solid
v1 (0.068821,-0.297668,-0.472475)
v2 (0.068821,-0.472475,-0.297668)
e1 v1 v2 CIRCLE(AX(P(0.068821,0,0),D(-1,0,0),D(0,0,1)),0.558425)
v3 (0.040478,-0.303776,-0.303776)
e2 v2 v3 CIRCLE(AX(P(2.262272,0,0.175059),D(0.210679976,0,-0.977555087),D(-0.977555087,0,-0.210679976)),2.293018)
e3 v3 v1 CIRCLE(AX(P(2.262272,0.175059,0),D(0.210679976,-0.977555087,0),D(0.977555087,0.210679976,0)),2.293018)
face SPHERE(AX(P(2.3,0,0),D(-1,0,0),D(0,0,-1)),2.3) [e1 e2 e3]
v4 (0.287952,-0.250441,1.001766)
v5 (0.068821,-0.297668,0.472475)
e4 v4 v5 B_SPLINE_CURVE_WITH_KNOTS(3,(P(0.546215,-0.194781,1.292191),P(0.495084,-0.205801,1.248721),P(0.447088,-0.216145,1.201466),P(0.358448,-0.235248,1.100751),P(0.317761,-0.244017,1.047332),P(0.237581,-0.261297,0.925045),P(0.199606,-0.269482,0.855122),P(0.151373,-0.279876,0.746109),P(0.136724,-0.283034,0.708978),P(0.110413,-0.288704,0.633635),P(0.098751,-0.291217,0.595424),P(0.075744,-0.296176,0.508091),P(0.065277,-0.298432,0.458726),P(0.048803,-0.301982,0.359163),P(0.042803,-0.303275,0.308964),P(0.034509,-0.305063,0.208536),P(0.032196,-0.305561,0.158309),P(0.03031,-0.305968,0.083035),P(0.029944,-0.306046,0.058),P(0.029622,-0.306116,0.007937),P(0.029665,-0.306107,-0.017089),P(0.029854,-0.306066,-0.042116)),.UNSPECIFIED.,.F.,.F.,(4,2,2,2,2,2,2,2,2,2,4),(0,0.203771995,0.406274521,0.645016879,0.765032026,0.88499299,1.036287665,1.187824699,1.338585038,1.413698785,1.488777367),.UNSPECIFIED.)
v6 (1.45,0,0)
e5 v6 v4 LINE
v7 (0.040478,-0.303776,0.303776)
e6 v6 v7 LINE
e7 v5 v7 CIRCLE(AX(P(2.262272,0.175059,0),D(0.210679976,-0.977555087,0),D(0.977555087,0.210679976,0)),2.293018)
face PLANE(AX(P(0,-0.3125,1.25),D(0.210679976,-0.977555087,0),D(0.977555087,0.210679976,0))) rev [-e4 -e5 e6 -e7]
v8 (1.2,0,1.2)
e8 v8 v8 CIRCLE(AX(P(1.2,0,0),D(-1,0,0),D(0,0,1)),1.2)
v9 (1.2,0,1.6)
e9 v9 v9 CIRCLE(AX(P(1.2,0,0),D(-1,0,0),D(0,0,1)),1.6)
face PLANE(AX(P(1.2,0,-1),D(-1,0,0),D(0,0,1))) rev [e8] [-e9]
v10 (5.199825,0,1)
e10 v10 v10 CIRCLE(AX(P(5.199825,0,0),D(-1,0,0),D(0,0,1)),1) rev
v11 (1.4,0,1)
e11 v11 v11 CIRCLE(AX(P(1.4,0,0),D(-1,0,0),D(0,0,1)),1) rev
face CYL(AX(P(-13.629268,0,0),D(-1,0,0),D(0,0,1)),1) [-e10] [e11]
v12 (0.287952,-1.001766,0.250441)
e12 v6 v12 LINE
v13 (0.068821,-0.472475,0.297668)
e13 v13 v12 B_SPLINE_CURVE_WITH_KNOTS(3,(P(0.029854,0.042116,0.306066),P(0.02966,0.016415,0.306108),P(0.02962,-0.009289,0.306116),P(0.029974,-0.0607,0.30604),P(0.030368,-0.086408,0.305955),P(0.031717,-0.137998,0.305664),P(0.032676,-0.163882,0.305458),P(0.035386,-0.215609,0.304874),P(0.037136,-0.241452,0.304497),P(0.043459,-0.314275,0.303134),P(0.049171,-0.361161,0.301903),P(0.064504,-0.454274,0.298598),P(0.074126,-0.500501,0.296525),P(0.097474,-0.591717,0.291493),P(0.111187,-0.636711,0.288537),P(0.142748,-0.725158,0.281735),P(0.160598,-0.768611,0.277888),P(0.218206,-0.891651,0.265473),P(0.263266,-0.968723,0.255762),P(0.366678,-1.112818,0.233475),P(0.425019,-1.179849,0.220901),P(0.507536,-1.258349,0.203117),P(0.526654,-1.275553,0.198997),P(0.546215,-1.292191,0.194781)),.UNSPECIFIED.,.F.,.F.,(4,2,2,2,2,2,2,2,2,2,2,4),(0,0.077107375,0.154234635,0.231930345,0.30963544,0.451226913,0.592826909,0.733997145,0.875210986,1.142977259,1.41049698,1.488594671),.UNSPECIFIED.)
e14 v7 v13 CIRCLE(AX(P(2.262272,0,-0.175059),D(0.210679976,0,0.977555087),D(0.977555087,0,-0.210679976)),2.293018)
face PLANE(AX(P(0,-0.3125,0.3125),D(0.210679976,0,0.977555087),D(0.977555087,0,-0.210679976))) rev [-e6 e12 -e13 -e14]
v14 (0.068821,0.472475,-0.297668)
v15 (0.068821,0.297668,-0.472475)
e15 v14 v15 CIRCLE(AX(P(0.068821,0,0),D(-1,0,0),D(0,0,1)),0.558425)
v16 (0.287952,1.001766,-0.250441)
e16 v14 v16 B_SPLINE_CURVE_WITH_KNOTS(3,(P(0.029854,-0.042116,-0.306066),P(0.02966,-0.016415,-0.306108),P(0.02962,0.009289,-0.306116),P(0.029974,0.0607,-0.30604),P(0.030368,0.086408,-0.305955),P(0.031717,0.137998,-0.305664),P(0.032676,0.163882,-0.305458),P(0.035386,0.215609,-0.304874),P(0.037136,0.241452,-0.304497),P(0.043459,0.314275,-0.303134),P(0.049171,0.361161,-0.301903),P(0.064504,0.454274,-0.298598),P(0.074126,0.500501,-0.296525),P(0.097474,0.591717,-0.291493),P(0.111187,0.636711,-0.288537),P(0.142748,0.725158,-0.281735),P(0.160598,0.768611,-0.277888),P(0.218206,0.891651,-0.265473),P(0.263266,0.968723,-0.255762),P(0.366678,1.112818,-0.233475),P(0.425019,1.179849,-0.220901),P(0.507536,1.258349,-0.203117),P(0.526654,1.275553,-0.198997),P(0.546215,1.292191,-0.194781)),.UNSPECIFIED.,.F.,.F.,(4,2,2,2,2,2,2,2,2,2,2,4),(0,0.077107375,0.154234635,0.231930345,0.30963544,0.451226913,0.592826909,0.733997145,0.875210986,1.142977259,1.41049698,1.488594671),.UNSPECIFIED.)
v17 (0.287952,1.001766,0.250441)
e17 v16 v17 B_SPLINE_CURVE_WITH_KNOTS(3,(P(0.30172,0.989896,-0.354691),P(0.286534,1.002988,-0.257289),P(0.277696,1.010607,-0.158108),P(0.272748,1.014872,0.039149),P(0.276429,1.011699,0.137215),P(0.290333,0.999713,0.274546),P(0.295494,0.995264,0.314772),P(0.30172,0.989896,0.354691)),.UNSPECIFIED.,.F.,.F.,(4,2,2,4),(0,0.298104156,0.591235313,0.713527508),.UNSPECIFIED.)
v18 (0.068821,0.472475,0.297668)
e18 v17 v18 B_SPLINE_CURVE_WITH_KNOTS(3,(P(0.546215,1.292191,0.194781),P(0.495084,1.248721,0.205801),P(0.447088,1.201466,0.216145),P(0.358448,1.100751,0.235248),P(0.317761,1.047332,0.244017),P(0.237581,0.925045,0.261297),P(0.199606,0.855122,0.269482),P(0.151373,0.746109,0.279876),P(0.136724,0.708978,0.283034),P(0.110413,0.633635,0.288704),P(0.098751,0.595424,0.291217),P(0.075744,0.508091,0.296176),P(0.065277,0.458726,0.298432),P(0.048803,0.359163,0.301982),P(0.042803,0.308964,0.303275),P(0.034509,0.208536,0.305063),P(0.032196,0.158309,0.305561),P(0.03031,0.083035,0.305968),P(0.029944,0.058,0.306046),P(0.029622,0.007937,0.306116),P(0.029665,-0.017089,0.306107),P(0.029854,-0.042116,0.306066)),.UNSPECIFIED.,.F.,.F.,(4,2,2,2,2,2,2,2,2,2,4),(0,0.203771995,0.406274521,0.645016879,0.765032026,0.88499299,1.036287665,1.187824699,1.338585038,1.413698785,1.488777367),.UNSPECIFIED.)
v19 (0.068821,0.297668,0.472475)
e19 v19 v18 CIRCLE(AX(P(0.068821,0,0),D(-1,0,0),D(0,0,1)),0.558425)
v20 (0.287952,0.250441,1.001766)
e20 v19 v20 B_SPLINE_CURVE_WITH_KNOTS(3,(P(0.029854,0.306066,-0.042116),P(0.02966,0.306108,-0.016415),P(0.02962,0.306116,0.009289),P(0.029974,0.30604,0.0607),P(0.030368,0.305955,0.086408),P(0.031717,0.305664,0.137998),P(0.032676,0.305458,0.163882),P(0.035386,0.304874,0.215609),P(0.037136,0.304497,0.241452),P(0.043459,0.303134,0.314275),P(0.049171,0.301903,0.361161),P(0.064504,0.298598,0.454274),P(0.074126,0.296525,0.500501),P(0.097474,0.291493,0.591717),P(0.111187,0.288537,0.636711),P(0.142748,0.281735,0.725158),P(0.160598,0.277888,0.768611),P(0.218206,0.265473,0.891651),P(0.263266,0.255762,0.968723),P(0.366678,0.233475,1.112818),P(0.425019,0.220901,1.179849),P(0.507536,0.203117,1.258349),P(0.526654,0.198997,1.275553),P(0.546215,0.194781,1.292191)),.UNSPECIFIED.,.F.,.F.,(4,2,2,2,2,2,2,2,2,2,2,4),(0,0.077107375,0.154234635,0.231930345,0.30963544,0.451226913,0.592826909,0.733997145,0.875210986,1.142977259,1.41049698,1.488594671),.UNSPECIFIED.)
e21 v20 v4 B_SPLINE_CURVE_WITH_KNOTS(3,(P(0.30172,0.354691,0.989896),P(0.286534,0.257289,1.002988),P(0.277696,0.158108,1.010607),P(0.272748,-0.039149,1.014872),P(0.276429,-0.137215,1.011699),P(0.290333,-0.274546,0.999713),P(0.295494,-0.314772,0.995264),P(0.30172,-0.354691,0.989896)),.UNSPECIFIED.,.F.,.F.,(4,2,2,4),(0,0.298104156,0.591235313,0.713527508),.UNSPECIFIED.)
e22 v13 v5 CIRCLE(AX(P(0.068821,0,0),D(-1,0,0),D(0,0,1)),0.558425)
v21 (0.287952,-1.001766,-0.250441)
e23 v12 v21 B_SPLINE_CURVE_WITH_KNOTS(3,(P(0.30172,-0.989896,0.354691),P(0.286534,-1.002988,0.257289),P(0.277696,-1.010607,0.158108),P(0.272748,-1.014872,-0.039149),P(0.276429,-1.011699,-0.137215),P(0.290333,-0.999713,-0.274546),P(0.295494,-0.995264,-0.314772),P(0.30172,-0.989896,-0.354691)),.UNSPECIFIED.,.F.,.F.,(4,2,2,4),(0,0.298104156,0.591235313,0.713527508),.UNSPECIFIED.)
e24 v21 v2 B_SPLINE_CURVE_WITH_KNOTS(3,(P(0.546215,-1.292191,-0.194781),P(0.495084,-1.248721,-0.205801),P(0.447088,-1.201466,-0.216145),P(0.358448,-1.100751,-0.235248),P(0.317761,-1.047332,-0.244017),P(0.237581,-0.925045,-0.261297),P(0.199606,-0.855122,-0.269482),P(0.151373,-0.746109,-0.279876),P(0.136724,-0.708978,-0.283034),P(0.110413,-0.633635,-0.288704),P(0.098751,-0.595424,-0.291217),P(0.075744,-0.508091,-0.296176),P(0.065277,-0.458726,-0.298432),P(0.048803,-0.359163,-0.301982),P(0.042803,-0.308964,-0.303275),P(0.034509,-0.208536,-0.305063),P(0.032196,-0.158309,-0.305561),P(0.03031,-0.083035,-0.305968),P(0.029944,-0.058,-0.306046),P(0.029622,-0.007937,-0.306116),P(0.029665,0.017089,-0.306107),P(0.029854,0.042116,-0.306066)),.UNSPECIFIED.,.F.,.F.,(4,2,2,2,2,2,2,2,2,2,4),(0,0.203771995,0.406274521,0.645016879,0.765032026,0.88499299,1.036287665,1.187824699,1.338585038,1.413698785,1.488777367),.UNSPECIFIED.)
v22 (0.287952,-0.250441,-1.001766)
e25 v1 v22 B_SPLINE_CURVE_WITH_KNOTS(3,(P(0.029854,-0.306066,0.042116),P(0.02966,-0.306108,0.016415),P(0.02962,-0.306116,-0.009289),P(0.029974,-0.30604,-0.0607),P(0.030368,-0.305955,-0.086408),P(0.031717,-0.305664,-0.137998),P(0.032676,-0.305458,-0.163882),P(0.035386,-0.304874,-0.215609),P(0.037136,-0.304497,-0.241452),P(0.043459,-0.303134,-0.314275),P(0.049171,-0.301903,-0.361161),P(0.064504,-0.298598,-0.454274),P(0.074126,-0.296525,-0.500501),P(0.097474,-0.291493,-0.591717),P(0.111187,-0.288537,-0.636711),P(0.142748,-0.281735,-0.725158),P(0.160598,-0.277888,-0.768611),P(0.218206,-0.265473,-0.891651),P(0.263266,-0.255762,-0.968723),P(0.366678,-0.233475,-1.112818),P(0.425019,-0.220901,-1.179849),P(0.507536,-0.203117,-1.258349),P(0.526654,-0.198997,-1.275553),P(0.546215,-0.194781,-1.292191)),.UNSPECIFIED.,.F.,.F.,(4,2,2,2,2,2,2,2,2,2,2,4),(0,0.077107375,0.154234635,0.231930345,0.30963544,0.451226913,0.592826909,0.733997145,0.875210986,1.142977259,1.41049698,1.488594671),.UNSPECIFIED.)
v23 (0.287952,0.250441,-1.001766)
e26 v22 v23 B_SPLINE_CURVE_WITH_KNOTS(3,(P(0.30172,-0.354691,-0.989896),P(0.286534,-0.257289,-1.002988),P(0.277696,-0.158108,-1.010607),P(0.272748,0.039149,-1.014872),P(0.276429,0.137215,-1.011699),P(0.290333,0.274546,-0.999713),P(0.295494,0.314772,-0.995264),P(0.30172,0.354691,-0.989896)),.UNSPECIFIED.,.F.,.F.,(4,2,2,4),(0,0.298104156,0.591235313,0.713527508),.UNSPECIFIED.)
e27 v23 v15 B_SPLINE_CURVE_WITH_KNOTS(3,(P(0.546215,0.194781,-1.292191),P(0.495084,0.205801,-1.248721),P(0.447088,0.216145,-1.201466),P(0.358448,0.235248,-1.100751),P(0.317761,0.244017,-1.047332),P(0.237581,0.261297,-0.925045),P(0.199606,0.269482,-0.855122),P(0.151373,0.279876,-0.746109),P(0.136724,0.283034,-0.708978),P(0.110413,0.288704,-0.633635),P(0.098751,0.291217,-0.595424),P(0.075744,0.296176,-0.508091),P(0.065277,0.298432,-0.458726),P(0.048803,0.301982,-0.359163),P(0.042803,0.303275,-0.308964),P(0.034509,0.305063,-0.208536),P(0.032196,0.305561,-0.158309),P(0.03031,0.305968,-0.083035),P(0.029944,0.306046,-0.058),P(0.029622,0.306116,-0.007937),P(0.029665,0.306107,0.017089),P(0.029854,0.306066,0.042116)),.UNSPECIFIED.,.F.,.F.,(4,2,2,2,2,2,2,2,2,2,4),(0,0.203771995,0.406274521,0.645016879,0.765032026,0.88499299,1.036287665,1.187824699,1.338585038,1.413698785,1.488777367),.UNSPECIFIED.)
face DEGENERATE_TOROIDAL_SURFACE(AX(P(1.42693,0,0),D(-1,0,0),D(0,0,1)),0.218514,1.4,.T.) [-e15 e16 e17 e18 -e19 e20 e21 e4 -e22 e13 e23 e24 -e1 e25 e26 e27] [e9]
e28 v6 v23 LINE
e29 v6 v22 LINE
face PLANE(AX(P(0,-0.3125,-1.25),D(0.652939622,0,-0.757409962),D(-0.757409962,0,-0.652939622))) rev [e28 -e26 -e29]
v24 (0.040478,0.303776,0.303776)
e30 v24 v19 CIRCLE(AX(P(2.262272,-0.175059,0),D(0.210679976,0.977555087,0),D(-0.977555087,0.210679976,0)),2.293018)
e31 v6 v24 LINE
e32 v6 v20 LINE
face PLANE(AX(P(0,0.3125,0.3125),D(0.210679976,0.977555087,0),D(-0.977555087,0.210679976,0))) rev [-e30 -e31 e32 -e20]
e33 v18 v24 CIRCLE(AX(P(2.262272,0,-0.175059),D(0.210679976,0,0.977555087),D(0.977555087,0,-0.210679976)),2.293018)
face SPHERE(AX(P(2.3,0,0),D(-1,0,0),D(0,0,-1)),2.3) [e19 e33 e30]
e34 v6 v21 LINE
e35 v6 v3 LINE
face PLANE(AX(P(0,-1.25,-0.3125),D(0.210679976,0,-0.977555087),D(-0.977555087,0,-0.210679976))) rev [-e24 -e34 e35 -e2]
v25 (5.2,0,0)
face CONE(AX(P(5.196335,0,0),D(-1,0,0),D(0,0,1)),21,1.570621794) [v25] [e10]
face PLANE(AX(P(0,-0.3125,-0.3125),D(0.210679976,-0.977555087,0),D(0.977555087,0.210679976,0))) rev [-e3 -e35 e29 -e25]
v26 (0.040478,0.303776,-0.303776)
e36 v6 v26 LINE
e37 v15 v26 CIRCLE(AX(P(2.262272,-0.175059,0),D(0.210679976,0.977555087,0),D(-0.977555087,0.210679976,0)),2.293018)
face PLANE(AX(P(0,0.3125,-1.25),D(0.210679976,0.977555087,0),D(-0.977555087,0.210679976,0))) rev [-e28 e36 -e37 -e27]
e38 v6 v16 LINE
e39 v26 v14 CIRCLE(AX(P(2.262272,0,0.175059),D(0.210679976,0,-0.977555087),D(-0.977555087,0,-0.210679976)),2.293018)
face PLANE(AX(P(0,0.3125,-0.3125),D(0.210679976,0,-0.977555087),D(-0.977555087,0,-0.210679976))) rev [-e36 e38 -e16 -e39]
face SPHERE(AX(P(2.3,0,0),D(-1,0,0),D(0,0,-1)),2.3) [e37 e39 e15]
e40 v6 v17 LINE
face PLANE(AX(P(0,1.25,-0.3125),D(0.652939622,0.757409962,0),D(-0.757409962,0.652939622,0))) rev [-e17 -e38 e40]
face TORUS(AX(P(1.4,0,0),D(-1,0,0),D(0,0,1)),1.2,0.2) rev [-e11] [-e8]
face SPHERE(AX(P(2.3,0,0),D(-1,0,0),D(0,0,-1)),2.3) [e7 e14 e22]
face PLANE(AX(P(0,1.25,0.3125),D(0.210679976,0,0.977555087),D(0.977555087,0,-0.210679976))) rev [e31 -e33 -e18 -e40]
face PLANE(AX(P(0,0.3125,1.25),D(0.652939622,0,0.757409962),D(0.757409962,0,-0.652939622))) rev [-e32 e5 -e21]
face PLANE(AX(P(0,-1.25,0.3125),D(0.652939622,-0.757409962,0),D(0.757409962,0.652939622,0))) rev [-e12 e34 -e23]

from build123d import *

# Parameters (mm, degrees)
FILLET2_R = 0.2


with BuildPart() as part:
    # Sketch1 → Revolve1 (revolve)
    with BuildSketch(Plane(origin=(0, 0, 0), x_dir=(1, 0, 0), z_dir=(0, 1, 0)), mode=Mode.PRIVATE) as revolve1_sk:
        with BuildLine():
            Line((1.2, 1), (5.2, 1))
            Line((5.2, 1), (5.2, 0))
            Line((5.2, 0), (0, 0))
            ThreePointArc((0, 0), (0.017270008, 0.28132505), (0.068820682, 0.55842533))
            ThreePointArc((0.068820682, 0.55842533), (0.478612062, 1.248413967), (1.2, 1.6))
            Line((1.2, 1.6), (1.2, 1))
        make_face()
    revolve(revolve1_sk.sketch.rotate(Axis((-13.629268293, 0, 0), (1, 0, 0)), 180), axis=Axis((-13.629268293, 0, 0), (1, 0, 0)))

    # Fillet2
    fillet2_edges = [part.edges().sort_by_distance(p)[0] for p in [
        (1.2, 0, -1),
    ]]
    fillet(fillet2_edges, radius=FILLET2_R)

    # Sketch4 → Cut-Revolve1 (revolve, cut)
    with BuildSketch(Plane(origin=(0, 0, 0), x_dir=(1, 0, 0), z_dir=(0, 1, 0)), mode=Mode.PRIVATE) as cut_revolve1_sk:
        Polygon((5.933454633, 0), (5.933454633, 21), (5.196334809, 21), (5.2, 0), align=None)
    revolve(cut_revolve1_sk.sketch.rotate(Axis((4.782773752, 0, 0), (1, 0, 0)), 180), axis=Axis((4.782773752, 0, 0), (1, 0, 0)), mode=Mode.SUBTRACT)

    # Sketch2 → Cut-Loft1 section 0
    with BuildSketch(Plane(origin=(0, 0, 0), x_dir=(0, 0, -1), z_dir=(1, 0, 0)), mode=Mode.PRIVATE) as cut_loft1_s0:
        with BuildLine():
            Line((-0.3125, 0.3125), (-1.25, 0.3125))
            Line((-1.25, 0.3125), (-1.25, -0.3125))
            Line((-1.25, -0.3125), (-0.3125, -0.3125))
            Line((-0.3125, -0.3125), (-0.3125, -1.25))
            Line((-0.3125, -1.25), (0.3125, -1.25))
            Line((0.3125, -1.25), (0.3125, -0.3125))
            Line((0.3125, -0.3125), (1.25, -0.3125))
            Line((1.25, -0.3125), (1.25, 0.3125))
            Line((1.25, 0.3125), (0.3125, 0.3125))
            Line((0.3125, 0.3125), (0.3125, 1.25))
            Line((0.3125, 1.25), (-0.3125, 1.25))
            Line((-0.3125, 1.25), (-0.3125, 0.3125))
        make_face()
    loft([Vertex(1.45, 0, 0), cut_loft1_s0.sketch], mode=Mode.SUBTRACT)


solid = part.part
